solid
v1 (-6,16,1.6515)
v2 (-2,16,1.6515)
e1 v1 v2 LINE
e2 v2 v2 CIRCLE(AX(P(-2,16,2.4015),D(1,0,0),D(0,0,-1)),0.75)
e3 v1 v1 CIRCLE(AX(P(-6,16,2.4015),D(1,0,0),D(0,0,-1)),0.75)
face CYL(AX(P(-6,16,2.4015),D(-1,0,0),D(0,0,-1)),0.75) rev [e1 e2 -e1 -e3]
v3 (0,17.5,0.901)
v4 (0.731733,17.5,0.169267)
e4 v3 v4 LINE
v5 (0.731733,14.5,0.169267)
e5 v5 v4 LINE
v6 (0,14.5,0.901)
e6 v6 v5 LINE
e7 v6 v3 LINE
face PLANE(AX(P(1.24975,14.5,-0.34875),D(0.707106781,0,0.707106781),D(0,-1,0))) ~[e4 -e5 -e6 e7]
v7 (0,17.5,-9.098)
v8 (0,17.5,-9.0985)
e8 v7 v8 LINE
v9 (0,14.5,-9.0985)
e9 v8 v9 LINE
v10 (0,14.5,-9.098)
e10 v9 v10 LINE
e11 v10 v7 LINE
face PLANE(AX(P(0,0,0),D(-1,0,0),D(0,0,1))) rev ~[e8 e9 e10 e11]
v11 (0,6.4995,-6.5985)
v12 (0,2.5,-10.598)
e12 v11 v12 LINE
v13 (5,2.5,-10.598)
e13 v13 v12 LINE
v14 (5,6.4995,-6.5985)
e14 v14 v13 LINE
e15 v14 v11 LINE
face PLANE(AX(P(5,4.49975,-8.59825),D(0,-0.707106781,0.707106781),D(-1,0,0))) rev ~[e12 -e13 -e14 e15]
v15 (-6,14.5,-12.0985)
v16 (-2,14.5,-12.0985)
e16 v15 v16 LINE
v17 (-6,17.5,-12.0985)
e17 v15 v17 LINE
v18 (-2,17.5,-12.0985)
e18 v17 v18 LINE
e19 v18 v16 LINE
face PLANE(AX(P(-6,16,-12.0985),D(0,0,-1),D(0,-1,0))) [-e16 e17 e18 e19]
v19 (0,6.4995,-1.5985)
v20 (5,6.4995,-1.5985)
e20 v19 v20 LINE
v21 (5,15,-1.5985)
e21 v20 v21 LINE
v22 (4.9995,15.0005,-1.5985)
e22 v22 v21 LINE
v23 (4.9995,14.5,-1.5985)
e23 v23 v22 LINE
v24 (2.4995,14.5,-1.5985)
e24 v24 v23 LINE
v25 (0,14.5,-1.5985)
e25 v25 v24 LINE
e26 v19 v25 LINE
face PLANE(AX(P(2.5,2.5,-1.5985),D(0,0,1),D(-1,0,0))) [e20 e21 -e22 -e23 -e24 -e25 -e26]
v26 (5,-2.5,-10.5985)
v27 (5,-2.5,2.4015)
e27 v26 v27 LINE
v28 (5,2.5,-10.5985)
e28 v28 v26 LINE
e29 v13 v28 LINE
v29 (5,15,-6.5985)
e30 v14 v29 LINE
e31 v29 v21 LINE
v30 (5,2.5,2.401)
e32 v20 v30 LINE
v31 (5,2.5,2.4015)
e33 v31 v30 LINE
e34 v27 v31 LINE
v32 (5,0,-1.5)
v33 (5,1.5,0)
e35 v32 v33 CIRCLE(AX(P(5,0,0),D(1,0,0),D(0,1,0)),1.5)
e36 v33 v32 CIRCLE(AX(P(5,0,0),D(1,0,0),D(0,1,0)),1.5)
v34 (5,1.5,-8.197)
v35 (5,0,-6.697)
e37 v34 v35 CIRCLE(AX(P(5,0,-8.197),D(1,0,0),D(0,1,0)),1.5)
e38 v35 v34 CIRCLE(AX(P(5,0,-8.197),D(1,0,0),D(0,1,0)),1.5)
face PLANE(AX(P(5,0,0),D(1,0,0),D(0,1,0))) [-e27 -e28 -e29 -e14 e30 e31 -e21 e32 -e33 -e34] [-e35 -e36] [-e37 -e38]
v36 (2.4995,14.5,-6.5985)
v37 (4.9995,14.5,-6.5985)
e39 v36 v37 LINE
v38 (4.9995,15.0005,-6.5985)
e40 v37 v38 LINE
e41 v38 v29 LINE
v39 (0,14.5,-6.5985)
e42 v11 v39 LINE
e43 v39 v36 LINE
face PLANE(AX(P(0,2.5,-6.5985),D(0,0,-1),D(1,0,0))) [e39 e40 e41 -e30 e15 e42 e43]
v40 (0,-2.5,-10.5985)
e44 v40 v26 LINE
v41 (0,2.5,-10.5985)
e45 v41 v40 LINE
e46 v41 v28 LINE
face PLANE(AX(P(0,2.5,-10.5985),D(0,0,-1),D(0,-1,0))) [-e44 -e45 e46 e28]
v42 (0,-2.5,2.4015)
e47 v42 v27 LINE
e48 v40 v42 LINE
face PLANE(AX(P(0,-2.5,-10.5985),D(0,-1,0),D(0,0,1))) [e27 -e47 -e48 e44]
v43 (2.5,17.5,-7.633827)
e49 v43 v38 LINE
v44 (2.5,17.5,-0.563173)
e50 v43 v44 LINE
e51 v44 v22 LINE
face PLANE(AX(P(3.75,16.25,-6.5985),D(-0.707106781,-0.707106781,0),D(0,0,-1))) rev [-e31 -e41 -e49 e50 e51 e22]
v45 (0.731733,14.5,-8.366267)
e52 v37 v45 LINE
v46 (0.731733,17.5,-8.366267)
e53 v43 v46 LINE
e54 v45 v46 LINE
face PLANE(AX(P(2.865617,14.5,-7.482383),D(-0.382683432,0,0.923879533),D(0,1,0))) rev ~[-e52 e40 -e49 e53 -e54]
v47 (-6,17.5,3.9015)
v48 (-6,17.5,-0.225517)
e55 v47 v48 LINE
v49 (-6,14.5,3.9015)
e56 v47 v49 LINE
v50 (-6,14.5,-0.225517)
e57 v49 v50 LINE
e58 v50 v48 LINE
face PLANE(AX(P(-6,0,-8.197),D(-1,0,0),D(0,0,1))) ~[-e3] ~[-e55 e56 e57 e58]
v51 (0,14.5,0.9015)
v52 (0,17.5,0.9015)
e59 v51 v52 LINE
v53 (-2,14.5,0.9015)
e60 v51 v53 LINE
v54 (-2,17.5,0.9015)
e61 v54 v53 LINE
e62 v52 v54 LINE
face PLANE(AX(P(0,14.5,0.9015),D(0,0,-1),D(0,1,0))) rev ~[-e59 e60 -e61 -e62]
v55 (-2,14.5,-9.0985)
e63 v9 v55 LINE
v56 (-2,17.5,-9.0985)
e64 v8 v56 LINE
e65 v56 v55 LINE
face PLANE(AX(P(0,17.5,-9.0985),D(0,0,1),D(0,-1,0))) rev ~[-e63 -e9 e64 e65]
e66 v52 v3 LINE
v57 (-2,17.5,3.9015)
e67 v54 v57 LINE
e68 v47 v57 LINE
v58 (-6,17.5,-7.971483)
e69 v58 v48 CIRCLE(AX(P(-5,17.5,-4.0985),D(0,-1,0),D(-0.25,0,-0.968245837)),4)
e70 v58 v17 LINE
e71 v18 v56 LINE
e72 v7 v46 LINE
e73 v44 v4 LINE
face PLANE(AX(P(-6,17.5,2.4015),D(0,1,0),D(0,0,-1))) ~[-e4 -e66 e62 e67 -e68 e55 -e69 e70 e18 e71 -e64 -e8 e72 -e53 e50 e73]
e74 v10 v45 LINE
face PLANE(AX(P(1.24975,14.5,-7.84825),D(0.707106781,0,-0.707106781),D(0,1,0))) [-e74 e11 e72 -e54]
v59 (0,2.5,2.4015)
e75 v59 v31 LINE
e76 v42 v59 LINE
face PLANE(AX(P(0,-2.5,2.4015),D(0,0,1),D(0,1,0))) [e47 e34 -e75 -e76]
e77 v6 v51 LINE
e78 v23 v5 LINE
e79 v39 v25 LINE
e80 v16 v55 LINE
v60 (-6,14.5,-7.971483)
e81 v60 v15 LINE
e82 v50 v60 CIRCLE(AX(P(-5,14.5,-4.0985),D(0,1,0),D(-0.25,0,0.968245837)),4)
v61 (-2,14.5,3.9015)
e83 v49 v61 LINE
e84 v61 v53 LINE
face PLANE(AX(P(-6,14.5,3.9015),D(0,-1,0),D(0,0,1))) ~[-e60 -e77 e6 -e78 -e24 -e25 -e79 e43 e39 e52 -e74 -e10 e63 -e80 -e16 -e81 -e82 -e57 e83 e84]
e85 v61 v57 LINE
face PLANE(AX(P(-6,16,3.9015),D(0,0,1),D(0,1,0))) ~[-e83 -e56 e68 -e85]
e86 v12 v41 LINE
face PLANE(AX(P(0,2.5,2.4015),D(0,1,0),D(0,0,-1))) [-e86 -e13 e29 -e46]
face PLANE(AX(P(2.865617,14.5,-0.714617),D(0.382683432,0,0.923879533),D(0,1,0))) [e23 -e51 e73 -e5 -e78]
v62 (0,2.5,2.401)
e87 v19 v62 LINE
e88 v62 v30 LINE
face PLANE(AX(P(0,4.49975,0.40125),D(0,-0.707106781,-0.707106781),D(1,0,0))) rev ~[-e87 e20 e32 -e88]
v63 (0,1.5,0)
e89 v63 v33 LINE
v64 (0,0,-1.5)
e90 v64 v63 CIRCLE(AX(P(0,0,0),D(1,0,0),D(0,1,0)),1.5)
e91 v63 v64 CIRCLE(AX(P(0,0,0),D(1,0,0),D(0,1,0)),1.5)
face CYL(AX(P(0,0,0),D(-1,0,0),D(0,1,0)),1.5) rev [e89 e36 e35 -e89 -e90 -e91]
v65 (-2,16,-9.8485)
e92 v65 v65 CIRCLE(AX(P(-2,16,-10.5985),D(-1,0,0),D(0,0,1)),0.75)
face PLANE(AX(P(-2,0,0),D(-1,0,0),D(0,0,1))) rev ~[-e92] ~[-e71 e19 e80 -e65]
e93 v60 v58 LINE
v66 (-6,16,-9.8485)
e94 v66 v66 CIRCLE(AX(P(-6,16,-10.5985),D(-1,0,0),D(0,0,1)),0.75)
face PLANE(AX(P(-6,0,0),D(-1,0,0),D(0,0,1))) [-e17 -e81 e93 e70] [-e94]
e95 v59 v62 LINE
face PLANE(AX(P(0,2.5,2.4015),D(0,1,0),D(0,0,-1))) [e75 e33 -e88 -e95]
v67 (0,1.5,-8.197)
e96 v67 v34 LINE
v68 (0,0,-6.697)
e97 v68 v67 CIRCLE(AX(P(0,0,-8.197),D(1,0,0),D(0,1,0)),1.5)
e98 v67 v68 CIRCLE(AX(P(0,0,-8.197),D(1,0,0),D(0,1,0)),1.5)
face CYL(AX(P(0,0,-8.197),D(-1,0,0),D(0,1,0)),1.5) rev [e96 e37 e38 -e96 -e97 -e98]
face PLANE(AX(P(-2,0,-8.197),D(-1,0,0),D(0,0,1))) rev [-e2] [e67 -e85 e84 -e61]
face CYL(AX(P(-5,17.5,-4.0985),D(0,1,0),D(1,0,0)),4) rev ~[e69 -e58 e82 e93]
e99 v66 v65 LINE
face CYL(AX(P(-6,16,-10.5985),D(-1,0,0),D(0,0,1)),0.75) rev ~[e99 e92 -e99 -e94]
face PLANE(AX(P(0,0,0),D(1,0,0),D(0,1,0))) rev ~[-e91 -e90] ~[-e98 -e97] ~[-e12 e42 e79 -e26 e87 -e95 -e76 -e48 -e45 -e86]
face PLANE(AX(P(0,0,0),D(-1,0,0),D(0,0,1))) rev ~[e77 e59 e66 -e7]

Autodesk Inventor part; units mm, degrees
ref_plane "YZ Plane" through (0, 0, 0) normal (1, 0, 0) x (0, 1, 0)
ref_plane "XZ Plane" through (0, 0, 0) normal (0, 1, 0) x (-1, 0, 0)
sketch "Эскиз1" plane through (0, 0, 0) normal (1, 0, 0) x (0, 1, 0)
  line L0 (0, 0) -> (0, -8.197)
  circle A0 centre (0, 0) radius 1.5
  circle A1 centre (0, -8.197) radius 1.5
  line L1 (-2.5, 2.4015) -> (2.5, 2.4015)
  line L2 (2.5, 2.4015) -> (2.5, -10.5985)
  line L3 (2.5, -10.5985) -> (-2.5, -10.5985)
  line L4 (-2.5, -10.5985) -> (-2.5, 2.4015)
  line L5 (-2.5, 2.4015) -> (2.5, -10.5985) construction
  line L6 (2.5, 2.4015) -> (-2.5, -10.5985) construction
  point P0 (0, -4.0985)
  dimension "d0" = 8.197
  dimension "d1" = 3
  dimension "d2" = 3
  dimension "d3" = 5
  dimension "d4" = 13
extrude "Выдавливание1" add sketch "Эскиз1" along normal blind 5
sketch "Эскиз2" plane through (0, 2.5, 2.4015) normal (0, 1, 0) x (1, 0, 0)
  line L0 (0, 0) -> (5, 0) projected
  line L1 (2.5, 0) -> (2.5, 13)
  line L2 (0, 13) -> (5, 13) projected
  line L3 (0, 13) -> (0, 0) projected
  line L4 (5, 4) -> (0, 4)
  line L5 (0, 4) -> (0, 9)
  line L6 (0, 9) -> (5, 9)
  line L7 (5, 9) -> (5, 4)
  line L8 (5, 4) -> (0, 9) construction
  line L9 (0, 4) -> (5, 9) construction
  point P0 (0, 2.4015)
  point P1 (2.5, 6.5)
  dimension "d7" = 5
extrude "Выдавливание2" add sketch "Эскиз2" along normal blind 15 contours L3 L6 L1 L4 | L1 L6 L7 L4
sketch "Эскиз3" plane through (0, 0, 0) normal (-1, 0, 0) x (0, 0, 1)
  line L0 (-1.5985, 17.5) -> (-6.5985, 17.5) projected
  line L1 (-4.0985, 17.5) -> (-4.0985, 16)
  line L2 (-9.0985, 14.5) -> (0.9015, 14.5)
  line L3 (0.9015, 14.5) -> (0.9015, 17.5)
  line L4 (0.9015, 17.5) -> (-9.0985, 17.5)
  line L5 (-9.0985, 17.5) -> (-9.0985, 14.5)
  line L6 (-9.0985, 14.5) -> (0.9015, 17.5) construction
  line L7 (0.9015, 14.5) -> (-9.0985, 17.5) construction
  point P0 (0, 0)
  dimension "d10" = 1.5
  dimension "d11" = 10
  dimension "d12" = 3
extrude "Выдавливание3" add sketch "Эскиз3" along normal blind 10
sketch "Эскиз4" plane through (0, 17.5, 2.4015) normal (0, 1, 0) x (1, 0, 0)
  line L0 (0, 1.5) -> (-10, 1.5) projected
  line L1 (-5, 1.5) -> (-5, 11.5)
  line L2 (0, 11.5) -> (-10, 11.5) projected
  circle A0 centre (-5, 6.5) radius 4
  line L3 (-10, 1.5) -> (-10, 11.5) projected
  line L4 (-10, 1.5) -> (-10, 11.5)
  point P0 (0, 2.4015)
  point P1 (-7.0808, 9.9162)
  point P2 (-7.0808, 3.0838)
  dimension "d15" = 8
extrude "Выдавливание4" cut sketch "Эскиз4" against normal blind 10 contours A0 L1 | L1 A0
chamfer "Фаска1" distance 2.5 angle 45 2 edges at (0, 16, -1.5985) (0, 16, -6.5985)
chamfer "Фаска2" distance 4 angle 45 2 edges at (2.5, 2.5, -6.5985) (2.5, 2.5, -1.5985)
sketch "Эскиз5" plane through (-10, 0, 0) normal (-1, 0, 0) x (0, 0, 1)
  line L0 (-9.0985, 14.5) -> (0.9015, 14.5) projected
  line L1 (-9.0985, 14.5) -> (-12.0985, 14.5)
  line L2 (0.9015, 17.5) -> (-9.0985, 17.5) projected
  line L3 (-12.0985, 14.5) -> (-9.0985, 14.5)
  line L4 (-9.0985, 14.5) -> (-9.0985, 17.5)
  line L5 (-9.0985, 17.5) -> (-12.0985, 17.5)
  line L6 (-12.0985, 17.5) -> (-12.0985, 14.5)
  line L7 (0.9015, 17.5) -> (3.9015, 17.5)
  line L8 (3.9015, 17.5) -> (3.9015, 14.5)
  line L9 (3.9015, 14.5) -> (0.9015, 14.5)
  line L10 (0.9015, 14.5) -> (0.9015, 17.5)
  line L11 (-9.0985, 17.5) -> (0.9015, 17.5)
  line L12 (0.9015, 17.5) -> (0.9015, 14.5)
  line L13 (0.9015, 14.5) -> (-9.0985, 14.5)
  line L14 (-9.0985, 14.5) -> (-9.0985, 17.5)
  point P0 (0, 0)
  dimension "d24" = 3
  dimension "d25" = 3
  dimension "d26" = 3
extrude "Выдавливание5" cut sketch "Эскиз5" against normal blind 4
sketch "Эскиз6" plane through (-6, 0, 0) normal (-1, 0, 0) x (0, 0, 1)
  line L0 (-9.0985, 17.5) -> (-9.0985, 14.5) projected
  line L1 (-9.0985, 17.5) -> (-12.0985, 17.5)
  line L2 (-12.0985, 17.5) -> (-12.0985, 14.5)
  line L3 (-12.0985, 14.5) -> (-9.0985, 14.5)
  line L4 (-9.0985, 14.5) -> (-9.0985, 17.5)
  line L5 (-1.5985, 14.5) -> (-6.5985, 14.5) projected
  line L6 (-4.0985, 14.5) -> (-4.0985, 15.1912)
  line L7 (-12.0985, 17.5) -> (-10.5985, 17.5)
  line L8 (-12.0985, 16) -> (-12.0985, 17.5)
  circle A0 centre (-10.5985, 16) radius 0.75
  point P0 (0, 0)
  dimension "d29" = 3
  dimension "d30" = 3
  dimension "d33" = 1.5
ref_plane "РабПлоскость1" through (-1, 17.5, -4.0985) normal (0, 0, -1) x (-1, 0, 0)
extrude "Выдавливание6" add sketch "Эскиз6" against normal blind 4
mirror "Зеркальное отражение1" about plane through (-1, 17.5, -4.0985) normal (0, 0, -1) of "Выдавливание6"
sketch "Эскиз7" plane through (-6, 0, 0) normal (-1, 0, 0) x (0, 0, 1)
  line L0 (-7.9715, 17.5) -> (-12.0985, 17.5) projected
  circle A0 centre (-10.5985, 16) radius 0.75 projected
  line L1 (-7.9715, 14.5) -> (-12.0985, 14.5) projected
  line L2 (-7.9715, 17.5) -> (-7.9715, 14.5) projected
  line L3 (-7.9715, 17.5) -> (-12.0985, 17.5) projected
  line L4 (-12.0985, 17.5) -> (-12.0985, 14.5) projected
  circle A1 centre (2.4015, 16) radius 0.75 projected
  line L5 (-0.2255, 14.5) -> (-0.2255, 17.5) projected
  line L6 (3.9015, 14.5) -> (-0.2255, 14.5) projected
  line L7 (3.9015, 17.5) -> (3.9015, 14.5) projected
  line L8 (-0.2255, 17.5) -> (3.9015, 17.5) projected
  line L9 (-7.9715, 17.5) -> (-7.9715, 14.5) projected
  line L10 (-0.2255, 14.5) -> (-7.9715, 14.5) projected
  line L11 (-0.2255, 14.5) -> (-0.2255, 17.5) projected
  line L12 (-7.9715, 17.5) -> (-0.2255, 17.5) projected
  point P0 (0, 0)
chamfer "Фаска3" distance 2.5 angle 45 3 edges at (2.4995, 16, -1.5985) (2.4995, 16, -6.5985) (5, 17.5, -4.0985)
properties part number "КВ33.044.207 - Крепление вакумной присоски"
